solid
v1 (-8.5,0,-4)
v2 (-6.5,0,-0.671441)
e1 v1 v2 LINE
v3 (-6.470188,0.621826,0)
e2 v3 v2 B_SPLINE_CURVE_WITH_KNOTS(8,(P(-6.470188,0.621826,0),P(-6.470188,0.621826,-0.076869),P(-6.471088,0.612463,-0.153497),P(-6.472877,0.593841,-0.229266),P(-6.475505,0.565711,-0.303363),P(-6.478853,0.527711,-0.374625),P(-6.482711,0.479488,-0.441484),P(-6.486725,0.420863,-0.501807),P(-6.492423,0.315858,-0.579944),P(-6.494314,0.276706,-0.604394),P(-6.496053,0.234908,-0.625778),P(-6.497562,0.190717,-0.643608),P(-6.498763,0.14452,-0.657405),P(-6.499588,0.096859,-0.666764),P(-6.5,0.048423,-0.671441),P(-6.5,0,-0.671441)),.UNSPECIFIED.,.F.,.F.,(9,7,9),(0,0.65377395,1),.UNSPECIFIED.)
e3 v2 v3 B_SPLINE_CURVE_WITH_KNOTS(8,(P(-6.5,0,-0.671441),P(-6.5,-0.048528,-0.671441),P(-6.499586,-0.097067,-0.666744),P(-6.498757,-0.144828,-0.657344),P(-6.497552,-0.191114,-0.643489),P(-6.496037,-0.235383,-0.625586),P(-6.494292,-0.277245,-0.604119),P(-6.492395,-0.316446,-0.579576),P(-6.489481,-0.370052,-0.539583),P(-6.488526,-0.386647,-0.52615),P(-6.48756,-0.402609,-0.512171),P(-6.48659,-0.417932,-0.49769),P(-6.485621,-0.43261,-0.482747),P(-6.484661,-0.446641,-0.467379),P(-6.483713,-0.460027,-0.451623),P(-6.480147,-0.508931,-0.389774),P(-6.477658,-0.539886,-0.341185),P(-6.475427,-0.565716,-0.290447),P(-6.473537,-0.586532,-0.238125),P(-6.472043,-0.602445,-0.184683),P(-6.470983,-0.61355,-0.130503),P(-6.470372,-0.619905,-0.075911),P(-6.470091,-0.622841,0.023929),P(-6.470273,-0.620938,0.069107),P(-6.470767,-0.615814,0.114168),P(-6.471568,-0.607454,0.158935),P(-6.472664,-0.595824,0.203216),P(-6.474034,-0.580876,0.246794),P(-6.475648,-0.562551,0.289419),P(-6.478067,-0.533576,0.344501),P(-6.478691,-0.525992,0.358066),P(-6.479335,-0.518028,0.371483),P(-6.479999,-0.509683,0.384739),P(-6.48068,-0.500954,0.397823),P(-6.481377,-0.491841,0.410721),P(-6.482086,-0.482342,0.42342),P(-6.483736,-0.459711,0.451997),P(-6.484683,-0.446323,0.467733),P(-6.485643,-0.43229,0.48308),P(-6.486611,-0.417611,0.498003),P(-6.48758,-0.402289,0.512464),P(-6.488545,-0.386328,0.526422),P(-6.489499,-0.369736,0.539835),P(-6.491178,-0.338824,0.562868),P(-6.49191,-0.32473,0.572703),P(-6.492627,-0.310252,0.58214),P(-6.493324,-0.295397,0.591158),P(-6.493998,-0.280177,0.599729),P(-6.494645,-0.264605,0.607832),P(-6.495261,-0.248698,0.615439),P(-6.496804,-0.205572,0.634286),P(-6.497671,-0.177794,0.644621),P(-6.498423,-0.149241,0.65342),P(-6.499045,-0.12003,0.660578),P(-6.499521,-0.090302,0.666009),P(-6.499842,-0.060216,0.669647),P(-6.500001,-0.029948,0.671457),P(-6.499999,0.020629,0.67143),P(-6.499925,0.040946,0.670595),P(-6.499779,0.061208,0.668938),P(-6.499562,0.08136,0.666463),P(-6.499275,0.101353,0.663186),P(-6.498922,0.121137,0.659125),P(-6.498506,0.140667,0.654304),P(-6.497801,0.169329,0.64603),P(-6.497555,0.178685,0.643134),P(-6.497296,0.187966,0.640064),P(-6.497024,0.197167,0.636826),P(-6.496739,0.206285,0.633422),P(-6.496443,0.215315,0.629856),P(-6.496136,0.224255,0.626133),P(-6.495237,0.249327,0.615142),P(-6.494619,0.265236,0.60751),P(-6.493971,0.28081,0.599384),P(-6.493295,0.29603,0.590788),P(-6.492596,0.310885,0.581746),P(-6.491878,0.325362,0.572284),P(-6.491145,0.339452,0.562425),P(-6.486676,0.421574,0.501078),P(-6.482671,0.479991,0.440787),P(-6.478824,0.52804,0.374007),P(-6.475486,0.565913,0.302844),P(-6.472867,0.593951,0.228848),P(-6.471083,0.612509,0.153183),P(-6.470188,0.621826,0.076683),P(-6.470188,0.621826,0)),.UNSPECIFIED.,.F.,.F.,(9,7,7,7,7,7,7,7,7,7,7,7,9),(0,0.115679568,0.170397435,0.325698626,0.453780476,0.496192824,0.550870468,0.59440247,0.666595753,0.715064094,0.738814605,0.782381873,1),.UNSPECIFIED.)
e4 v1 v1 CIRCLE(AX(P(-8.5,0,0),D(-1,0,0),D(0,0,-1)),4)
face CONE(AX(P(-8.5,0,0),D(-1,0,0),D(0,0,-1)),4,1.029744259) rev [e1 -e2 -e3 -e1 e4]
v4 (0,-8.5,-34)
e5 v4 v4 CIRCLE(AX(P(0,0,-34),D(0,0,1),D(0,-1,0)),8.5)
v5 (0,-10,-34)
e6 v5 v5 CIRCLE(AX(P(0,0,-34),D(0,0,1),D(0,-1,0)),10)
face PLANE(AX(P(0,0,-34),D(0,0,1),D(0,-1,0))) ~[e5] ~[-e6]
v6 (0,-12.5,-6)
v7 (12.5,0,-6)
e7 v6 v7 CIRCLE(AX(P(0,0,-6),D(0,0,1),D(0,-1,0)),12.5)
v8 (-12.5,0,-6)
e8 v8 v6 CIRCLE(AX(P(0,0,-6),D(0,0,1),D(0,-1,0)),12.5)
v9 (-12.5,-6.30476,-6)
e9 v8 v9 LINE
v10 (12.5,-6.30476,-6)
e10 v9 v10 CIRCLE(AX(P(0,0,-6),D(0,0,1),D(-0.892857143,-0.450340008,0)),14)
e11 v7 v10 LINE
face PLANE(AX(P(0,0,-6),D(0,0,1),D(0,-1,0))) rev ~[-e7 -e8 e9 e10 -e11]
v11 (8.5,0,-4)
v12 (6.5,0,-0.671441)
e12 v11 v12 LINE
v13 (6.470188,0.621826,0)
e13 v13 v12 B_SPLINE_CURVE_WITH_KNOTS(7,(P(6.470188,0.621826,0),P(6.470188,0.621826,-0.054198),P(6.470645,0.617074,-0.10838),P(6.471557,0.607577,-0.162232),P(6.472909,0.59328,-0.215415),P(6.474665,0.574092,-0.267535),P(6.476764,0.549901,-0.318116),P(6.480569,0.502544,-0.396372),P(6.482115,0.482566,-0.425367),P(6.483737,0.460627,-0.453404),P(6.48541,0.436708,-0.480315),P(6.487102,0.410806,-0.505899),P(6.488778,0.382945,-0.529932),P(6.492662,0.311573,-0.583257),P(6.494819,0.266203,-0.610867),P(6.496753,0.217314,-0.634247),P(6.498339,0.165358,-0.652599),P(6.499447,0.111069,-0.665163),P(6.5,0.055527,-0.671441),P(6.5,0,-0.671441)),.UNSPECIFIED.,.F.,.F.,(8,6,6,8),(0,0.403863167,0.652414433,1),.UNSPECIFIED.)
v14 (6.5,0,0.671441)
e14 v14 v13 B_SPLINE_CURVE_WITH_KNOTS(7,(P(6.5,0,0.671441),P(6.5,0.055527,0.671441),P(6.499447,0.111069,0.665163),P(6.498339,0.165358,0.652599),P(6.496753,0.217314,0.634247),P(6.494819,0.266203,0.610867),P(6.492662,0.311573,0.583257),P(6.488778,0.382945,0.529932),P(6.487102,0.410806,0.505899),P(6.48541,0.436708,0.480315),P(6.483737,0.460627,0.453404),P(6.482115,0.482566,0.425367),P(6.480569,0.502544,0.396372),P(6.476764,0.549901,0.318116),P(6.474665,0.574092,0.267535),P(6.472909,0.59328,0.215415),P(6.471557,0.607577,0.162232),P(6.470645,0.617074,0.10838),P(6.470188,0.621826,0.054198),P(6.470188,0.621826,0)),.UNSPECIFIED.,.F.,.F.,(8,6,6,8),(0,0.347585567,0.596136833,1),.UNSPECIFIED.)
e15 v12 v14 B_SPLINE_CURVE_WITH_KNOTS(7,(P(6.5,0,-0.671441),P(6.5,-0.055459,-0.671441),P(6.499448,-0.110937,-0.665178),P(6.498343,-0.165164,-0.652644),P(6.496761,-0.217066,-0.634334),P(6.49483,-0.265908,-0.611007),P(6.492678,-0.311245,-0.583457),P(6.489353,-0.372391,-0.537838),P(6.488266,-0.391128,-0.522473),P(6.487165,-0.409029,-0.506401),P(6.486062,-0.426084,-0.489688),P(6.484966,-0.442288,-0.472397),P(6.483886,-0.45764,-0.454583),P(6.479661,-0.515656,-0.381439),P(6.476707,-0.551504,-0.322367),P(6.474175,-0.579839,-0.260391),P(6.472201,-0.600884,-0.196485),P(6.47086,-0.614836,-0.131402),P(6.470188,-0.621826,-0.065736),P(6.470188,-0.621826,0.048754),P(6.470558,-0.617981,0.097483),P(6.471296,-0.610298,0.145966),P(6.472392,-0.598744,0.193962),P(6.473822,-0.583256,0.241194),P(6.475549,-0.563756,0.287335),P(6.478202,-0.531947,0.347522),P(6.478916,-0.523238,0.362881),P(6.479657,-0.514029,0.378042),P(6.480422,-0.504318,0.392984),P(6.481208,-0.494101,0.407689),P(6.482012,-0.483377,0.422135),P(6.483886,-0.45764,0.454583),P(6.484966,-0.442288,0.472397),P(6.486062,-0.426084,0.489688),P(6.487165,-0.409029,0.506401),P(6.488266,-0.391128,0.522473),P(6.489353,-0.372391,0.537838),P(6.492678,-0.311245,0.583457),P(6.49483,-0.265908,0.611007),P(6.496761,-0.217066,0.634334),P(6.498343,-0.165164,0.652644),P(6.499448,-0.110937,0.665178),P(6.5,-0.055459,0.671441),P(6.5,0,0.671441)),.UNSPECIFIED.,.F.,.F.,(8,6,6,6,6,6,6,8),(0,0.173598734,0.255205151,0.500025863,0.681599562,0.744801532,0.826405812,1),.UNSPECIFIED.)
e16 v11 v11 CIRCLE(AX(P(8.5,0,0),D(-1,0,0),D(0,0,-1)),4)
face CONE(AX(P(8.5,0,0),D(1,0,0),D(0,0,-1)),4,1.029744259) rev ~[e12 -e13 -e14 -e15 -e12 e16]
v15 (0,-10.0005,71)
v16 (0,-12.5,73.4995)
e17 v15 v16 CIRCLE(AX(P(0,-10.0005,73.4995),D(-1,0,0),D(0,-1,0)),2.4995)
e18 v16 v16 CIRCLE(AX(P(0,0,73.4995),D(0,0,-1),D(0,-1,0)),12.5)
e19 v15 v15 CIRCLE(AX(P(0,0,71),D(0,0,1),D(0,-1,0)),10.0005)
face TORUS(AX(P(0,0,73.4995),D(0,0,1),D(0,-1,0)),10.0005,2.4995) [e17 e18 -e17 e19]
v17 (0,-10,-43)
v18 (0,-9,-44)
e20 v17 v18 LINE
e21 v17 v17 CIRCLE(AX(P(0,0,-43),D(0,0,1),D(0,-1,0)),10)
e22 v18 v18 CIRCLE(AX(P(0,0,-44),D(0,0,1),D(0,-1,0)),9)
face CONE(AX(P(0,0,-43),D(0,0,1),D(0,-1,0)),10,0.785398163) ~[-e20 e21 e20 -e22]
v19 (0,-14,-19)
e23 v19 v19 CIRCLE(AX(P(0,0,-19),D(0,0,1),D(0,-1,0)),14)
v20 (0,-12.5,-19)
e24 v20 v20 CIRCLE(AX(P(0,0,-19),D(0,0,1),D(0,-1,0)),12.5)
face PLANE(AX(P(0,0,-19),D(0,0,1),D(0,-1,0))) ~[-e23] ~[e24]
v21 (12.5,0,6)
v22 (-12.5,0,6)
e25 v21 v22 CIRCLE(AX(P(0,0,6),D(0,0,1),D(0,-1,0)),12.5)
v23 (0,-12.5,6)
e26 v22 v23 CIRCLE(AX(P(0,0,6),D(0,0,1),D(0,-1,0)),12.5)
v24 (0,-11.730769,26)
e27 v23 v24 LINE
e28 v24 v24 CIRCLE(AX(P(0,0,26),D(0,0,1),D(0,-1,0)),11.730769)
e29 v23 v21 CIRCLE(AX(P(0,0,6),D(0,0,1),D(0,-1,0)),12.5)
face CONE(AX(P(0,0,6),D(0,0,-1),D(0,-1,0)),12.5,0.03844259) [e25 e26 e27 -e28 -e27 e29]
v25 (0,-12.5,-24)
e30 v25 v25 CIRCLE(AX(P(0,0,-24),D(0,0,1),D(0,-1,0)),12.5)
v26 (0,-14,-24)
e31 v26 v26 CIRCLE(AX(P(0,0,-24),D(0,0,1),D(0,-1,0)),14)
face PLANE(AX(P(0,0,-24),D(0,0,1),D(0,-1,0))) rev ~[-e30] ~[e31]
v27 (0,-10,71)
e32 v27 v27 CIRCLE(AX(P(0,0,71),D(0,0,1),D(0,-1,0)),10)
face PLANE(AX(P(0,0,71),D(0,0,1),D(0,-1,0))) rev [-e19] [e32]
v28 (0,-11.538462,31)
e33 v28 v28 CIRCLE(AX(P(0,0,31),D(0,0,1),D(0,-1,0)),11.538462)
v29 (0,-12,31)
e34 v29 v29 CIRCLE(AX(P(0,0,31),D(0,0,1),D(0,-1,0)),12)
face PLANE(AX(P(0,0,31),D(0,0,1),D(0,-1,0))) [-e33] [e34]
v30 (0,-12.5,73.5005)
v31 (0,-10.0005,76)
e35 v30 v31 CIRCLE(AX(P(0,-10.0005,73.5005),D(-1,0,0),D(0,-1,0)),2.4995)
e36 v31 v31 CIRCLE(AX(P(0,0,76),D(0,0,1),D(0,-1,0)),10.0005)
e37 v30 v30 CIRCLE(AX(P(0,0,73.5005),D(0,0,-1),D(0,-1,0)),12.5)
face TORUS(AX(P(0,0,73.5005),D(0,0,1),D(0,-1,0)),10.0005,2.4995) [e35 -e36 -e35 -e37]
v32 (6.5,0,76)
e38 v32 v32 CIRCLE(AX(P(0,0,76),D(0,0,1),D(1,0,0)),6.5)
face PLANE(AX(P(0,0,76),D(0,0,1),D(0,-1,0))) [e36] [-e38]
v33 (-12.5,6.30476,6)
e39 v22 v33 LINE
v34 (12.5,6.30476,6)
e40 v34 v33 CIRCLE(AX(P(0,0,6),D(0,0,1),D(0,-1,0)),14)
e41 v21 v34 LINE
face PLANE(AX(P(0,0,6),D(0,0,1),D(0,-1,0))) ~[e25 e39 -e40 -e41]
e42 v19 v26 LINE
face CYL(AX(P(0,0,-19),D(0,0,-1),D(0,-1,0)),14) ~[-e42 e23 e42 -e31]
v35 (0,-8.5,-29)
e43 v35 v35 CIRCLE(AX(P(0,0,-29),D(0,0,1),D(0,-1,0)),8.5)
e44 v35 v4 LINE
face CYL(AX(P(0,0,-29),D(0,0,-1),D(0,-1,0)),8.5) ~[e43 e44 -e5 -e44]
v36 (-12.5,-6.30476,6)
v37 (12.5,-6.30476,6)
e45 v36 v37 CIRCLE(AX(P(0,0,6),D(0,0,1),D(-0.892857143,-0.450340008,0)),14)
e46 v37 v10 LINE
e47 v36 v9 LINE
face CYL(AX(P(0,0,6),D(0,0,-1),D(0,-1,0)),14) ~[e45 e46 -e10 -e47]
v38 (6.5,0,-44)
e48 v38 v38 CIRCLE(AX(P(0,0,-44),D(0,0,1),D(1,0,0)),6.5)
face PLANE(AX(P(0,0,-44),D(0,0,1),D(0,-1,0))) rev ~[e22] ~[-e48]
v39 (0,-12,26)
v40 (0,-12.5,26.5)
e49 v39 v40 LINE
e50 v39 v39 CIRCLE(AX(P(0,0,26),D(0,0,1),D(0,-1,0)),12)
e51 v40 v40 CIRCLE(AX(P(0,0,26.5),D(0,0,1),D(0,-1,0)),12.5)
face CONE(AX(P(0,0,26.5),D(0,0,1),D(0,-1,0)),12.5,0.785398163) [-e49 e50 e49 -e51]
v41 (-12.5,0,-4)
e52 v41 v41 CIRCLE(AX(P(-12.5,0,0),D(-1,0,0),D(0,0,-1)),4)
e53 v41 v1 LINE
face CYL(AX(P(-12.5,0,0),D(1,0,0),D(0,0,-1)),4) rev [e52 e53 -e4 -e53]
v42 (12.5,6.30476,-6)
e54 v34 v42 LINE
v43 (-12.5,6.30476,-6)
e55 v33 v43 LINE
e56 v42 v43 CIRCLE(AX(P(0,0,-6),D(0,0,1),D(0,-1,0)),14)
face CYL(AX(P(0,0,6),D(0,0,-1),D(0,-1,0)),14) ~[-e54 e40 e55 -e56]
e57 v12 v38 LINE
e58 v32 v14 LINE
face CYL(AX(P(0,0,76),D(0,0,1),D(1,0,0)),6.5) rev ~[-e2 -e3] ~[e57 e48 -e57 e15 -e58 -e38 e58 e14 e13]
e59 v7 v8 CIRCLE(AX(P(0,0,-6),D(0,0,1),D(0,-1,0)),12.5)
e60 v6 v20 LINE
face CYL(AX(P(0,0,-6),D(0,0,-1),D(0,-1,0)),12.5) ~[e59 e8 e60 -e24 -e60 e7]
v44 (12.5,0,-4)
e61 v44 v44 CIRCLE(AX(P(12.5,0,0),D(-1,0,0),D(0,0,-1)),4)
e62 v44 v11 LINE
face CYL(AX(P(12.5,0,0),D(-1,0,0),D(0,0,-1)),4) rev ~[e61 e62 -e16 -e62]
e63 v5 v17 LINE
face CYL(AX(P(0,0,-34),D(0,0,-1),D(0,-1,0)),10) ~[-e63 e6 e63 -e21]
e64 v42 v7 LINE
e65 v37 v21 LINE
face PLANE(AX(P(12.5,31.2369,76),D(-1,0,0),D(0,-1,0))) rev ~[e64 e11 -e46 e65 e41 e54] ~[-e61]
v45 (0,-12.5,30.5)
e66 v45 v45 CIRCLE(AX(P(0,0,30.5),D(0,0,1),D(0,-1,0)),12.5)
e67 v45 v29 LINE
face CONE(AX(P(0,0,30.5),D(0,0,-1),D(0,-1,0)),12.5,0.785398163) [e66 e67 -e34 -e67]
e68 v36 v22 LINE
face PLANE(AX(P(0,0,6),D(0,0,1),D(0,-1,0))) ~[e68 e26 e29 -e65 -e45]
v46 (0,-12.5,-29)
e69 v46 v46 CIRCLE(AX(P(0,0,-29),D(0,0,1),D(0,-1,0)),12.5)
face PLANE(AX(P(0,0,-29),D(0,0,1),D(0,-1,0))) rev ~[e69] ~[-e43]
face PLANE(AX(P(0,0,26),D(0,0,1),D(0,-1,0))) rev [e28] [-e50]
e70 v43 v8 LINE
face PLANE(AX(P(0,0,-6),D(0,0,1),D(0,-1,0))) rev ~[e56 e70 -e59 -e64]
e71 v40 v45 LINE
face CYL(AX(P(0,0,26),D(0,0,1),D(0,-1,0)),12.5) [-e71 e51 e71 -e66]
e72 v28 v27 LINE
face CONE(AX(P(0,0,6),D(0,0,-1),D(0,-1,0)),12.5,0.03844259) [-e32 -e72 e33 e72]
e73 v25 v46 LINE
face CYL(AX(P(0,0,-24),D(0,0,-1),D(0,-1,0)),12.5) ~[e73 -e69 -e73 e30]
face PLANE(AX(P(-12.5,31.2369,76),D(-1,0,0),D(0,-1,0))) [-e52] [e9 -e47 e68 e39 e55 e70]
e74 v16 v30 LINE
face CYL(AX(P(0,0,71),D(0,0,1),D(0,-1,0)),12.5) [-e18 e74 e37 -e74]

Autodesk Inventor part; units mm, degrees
ref_plane "YZ Plane" through (0, 0, 0) normal (1, 0, 0) x (0, 1, 0)
ref_plane "XZ Plane" through (0, 0, 0) normal (0, 1, 0) x (-1, 0, 0)
ref_plane "XY Plane" through (0, 0, 0) normal (0, 0, 1) x (1, 0, 0)
sketch "草圖1" plane through (0, 0, 0) normal (1, 0, 0) x (0, 1, 0)
  line L0 (0, 0) -> (0, 6)
  line L1 (0, 6) -> (-14, 6)
  line L2 (-14, 6) -> (-14, -6)
  line L3 (-14, -6) -> (0, -6)
  line L4 (0, -6) -> (0, 0)
  line L5 (0, -6) -> (-12.5, -6)
  line L6 (-12.5, -6) -> (-12.5, -19)
  line L7 (-12.5, -19) -> (0, -19)
  line L8 (0, -19) -> (0, -6)
  line L9 (0, -19) -> (-14, -19)
  line L10 (-14, -19) -> (-14, -24)
  line L11 (-14, -24) -> (0, -24)
  line L12 (0, -24) -> (0, -19)
  line L13 (0, -24) -> (-12.5, -24)
  line L14 (-12.5, -24) -> (-12.5, -29)
  line L15 (-12.5, -29) -> (0, -29)
  line L16 (0, -29) -> (0, -24)
  line L17 (0, -29) -> (-8.5, -29)
  line L18 (-8.5, -29) -> (-8.5, -34)
  line L19 (-8.5, -34) -> (0, -34)
  line L20 (0, -34) -> (0, -29)
  line L21 (0, -34) -> (-10, -34)
  line L22 (-10, -34) -> (-10, -44)
  line L23 (-10, -44) -> (0, -44)
  line L24 (0, -44) -> (0, -34)
  line L25 (0, 6) -> (0, 26)
  line L26 (0, 26) -> (-12.5, 26)
  line L27 (-12.5, 26) -> (-12.5, 31)
  line L28 (-12.5, 31) -> (0, 31)
  line L29 (0, 31) -> (0, 26)
  line L30 (0, 31) -> (0, 71)
  line L31 (0, 71) -> (-12.5, 71)
  line L32 (-12.5, 71) -> (-12.5, 76)
  line L33 (-12.5, 76) -> (0, 76)
  line L34 (0, 76) -> (0, 71)
  line L35 (-12.5, 6) -> (-10, 71)
  point P0 (-11.5385, 31)
  point P1 (-11.7308, 26)
  dimension "d0" = 6
  dimension "d1" = 14
  dimension "d3" = 12
  dimension "d5" = 12.5
  dimension "d6" = 13
  dimension "d7" = 14
  dimension "d8" = 5
  dimension "d9" = 12.5
  dimension "d10" = 5
  dimension "d11" = 8.5
  dimension "d12" = 5
  dimension "d13" = 10
  dimension "d14" = 10
  dimension "d15" = 20
  dimension "d16" = 12.5
  dimension "d17" = 5
  dimension "d18" = 40
  dimension "d19" = 12.5
  dimension "d20" = 5
  dimension "d21" = 10
  dimension "d22" = 12.5
revolve "迴轉1" add sketch "草圖1" angle 360 about axis through (0, 0, 31) along (0, 0, 1)
chamfer "倒角1" distance 1 angle 45 1 edges at (0, 10, -44)
chamfer "倒角2" distance 0.5 angle 45 2 edges at (0, 12.5, 26) (0, 12.5, 31)
fillet "圓角1" radius 2.5 2 edges at (0, 12.5, 71) (0, 12.5, 76)
sketch "草圖2" plane through (0, 0, 76) normal (0, 0, 1) x (1, 0, 0)
  circle A0 centre (0, 0) radius 11.5385 projected
  circle A1 centre (0, 0) radius 6.5
  dimension "d31" = 13
extrude "擠出1" cut sketch "草圖2" against normal through all contours A1
thread "螺紋1" size "M20x2.5" class "6g" standard "ANSI Metric M Profile" full length
sketch "草圖3" plane through (0, 0, 76) normal (0, 0, 1) x (1, 0, 0)
  line L0 (0, 31.2369) -> (12.5, 31.2369)
  line L1 (12.5, 31.2369) -> (12.5, -26.971)
  line L2 (12.5, -26.971) -> (42.2195, -26.971)
  line L3 (42.2195, -26.971) -> (42.2195, 31.8991)
  line L4 (42.2195, 31.8991) -> (12.5, 31.2369)
  line L5 (0, 31.2369) -> (-12.5, 31.2369)
  line L6 (-12.5, 31.2369) -> (-12.5, -26.3803)
  line L7 (-12.5, -26.3803) -> (-38.1355, -26.3803)
  line L8 (-38.1355, -26.3803) -> (-38.1355, 30.1085)
  line L9 (-38.1355, 30.1085) -> (-12.5, 31.2369)
  point P0 (0, 0)
  dimension "d36" = 12.5
  dimension "d37" = 90
  dimension "d38" = 12.5
extrude "擠出2" cut sketch "草圖3" against normal blind 91.75
sketch "草圖4" plane through (12.5, -6.3048, -6) normal (1, 0, 0) x (0, 0, -1)
  circle A0 centre (-6, 6.3048) radius 4
  dimension "d41" = 8
hole "孔1" at (12.5, 0, 0) direction (-1, 0, 0) diameter 8 depth 4 tip angle 118
mirror "鏡射1" about plane through (0, 0, 0) normal (1, 0, 0) of "孔1"
properties part number "1. 砲管"
